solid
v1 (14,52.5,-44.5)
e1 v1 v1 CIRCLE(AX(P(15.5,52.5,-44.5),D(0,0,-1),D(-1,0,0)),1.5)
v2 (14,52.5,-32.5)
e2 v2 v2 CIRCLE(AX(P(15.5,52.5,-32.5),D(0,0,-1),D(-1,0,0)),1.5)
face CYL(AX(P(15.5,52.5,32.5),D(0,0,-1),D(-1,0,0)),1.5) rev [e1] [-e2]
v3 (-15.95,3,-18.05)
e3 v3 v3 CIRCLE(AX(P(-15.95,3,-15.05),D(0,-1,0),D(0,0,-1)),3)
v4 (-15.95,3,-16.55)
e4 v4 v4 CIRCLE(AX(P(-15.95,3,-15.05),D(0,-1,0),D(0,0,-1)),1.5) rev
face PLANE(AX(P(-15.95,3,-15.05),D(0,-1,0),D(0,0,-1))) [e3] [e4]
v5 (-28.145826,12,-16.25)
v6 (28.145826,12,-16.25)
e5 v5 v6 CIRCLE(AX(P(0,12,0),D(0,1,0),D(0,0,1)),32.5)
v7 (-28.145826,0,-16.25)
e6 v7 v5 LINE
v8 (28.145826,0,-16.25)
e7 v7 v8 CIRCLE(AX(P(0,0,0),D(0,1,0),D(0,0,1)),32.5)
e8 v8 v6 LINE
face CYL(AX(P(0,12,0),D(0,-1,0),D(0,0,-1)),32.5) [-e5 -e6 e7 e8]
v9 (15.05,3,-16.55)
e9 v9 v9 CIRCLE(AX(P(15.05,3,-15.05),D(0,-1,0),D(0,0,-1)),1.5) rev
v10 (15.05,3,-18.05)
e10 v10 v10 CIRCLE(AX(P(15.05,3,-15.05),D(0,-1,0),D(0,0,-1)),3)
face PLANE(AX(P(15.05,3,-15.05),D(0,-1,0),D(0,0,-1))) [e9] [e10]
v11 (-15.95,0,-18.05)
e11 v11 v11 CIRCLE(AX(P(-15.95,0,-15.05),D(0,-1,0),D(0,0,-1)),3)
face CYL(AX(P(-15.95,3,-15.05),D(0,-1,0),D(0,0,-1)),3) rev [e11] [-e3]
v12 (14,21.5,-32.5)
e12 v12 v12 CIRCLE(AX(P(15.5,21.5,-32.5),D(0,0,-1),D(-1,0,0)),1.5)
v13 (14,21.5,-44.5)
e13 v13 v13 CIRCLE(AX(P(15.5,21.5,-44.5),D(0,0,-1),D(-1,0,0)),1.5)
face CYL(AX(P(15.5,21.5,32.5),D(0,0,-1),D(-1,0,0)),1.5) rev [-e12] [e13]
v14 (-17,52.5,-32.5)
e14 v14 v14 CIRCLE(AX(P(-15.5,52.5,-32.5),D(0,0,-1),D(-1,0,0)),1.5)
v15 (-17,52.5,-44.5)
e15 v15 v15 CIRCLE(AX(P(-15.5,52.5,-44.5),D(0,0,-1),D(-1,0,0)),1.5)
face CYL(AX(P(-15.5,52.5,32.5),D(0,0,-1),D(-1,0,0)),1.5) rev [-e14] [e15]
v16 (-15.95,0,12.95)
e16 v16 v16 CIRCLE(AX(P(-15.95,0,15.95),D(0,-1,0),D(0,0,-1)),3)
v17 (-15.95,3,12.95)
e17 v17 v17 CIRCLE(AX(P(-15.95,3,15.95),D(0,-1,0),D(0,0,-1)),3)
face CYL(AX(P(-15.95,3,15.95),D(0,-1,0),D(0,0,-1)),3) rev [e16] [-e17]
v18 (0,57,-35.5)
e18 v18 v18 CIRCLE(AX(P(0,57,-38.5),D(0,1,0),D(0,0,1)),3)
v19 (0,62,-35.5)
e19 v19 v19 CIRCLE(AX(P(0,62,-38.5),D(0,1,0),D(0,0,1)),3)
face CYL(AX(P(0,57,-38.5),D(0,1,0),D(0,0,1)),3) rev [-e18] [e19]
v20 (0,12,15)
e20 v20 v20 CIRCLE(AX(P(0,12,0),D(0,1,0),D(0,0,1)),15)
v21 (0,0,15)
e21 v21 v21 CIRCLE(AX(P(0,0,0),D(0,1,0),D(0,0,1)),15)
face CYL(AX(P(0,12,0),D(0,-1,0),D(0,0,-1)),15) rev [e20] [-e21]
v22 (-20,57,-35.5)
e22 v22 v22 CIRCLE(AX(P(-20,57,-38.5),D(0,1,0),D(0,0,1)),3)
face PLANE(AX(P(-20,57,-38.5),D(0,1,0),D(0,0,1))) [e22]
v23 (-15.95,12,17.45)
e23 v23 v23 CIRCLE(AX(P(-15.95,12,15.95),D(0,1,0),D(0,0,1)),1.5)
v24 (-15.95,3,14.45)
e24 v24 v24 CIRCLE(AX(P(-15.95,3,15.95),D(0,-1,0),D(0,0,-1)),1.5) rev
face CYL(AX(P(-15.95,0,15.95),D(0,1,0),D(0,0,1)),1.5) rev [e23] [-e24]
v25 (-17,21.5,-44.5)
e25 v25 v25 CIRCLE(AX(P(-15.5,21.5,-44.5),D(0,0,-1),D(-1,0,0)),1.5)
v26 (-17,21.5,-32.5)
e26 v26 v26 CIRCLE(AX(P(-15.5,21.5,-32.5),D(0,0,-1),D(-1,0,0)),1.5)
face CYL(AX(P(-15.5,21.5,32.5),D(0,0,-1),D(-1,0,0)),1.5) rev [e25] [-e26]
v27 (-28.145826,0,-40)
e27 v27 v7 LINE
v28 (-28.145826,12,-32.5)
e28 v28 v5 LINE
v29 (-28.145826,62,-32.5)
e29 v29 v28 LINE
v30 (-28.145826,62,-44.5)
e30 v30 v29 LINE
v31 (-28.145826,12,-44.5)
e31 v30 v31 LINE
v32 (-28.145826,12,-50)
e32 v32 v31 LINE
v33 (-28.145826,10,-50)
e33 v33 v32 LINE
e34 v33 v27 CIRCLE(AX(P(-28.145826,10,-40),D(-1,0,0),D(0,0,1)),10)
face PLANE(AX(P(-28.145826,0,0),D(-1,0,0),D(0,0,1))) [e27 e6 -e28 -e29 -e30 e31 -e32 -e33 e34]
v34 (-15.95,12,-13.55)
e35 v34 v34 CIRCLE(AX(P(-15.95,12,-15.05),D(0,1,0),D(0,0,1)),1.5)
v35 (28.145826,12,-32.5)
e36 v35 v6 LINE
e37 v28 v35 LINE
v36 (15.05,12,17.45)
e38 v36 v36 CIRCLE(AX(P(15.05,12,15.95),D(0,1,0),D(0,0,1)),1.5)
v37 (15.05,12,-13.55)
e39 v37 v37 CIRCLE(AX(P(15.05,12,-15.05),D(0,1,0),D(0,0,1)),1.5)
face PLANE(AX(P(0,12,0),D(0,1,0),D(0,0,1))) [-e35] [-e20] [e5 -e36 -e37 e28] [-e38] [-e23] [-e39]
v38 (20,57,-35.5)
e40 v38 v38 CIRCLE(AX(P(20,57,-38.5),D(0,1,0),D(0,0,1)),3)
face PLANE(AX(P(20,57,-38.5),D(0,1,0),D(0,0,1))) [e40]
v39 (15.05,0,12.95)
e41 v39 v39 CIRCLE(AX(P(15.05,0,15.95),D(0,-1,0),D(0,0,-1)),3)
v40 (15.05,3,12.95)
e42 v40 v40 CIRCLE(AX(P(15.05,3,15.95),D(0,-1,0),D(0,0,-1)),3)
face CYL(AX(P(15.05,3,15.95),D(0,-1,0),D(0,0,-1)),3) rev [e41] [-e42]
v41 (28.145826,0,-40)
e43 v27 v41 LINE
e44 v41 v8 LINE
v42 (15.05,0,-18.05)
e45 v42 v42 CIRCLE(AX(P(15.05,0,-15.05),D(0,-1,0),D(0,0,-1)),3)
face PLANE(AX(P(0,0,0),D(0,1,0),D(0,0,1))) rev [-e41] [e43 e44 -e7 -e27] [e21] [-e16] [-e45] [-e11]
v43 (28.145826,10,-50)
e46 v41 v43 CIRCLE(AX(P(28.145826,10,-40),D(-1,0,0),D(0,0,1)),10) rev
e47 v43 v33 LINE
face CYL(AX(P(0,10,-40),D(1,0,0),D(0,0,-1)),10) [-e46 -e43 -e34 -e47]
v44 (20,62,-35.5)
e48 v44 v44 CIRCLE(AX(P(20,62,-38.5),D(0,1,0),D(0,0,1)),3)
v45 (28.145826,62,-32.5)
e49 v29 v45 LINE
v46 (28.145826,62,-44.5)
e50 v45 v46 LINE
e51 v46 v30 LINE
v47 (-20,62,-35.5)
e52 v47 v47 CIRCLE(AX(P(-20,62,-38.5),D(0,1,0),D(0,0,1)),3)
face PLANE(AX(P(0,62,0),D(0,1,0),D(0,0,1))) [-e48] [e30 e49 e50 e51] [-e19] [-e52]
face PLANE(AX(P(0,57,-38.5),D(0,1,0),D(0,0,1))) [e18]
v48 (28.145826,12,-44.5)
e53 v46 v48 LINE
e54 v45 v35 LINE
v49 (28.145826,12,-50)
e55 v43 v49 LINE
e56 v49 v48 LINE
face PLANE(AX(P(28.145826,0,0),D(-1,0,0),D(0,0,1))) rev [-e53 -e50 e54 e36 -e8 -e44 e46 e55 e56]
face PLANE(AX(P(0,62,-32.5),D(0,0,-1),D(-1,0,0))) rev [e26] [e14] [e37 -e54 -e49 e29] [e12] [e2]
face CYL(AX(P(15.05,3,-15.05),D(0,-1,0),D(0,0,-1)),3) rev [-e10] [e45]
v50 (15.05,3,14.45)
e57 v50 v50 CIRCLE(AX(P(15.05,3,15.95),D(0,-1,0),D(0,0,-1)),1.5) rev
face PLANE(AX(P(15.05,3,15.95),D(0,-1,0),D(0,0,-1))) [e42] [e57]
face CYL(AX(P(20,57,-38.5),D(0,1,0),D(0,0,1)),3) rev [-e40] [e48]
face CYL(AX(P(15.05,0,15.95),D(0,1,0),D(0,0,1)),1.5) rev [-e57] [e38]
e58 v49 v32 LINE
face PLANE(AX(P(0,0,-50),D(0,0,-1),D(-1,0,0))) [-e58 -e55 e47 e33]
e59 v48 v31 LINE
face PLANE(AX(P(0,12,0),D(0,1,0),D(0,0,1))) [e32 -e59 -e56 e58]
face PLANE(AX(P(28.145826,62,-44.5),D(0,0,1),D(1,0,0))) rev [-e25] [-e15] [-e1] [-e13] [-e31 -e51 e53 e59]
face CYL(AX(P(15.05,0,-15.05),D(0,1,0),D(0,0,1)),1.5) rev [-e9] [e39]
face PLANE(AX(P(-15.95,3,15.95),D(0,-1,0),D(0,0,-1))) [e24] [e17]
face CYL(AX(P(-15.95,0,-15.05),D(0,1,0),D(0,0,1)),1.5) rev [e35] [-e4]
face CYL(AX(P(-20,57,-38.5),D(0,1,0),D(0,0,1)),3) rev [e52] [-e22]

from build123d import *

# Parameters (mm, degrees)
SKETCH_1_R          = 32.5
SKETCH_1_R_2        = 15
EXTRUDE_1_DEPTH     = 12
SKETCH_2_R          = 1.5
CUT_EXTRUDE_1_DEPTH = 12
EXTRUDE_START       = -12
EXTRUDE_2_DEPTH     = 12
EXTRUDE_3_DEPTH     = 50
SKETCH_5_R          = 3
CUT_EXTRUDE_2_DEPTH = 5
SKETCH_6_R          = 3
CUT_EXTRUDE_3_DEPTH = 3
SKETCH_7_R          = 1.5
CUT_EXTRUDE_9_DEPTH = 105.063682426
FILLET_1_R          = 10


with BuildPart() as part:
    # 草图1 → 凸台-拉伸1 (new body)
    with BuildSketch(Plane(origin=(0, 0, 0), x_dir=(1, 0, 0), z_dir=(0, 1, 0))):
        with Locations(Location((0, 0, 0), (0, 0, 270))):
            Circle(SKETCH_1_R)
        with Locations(Location((0, 0, 0), (0, 0, 270))):
            Circle(SKETCH_1_R_2, mode=Mode.SUBTRACT)
    extrude(amount=EXTRUDE_1_DEPTH)

    # 草图2 → 切除-拉伸1 (cut)
    with BuildSketch(Plane(origin=(0, 12, 0), x_dir=(1, 0, 0), z_dir=(0, 1, 0))):
        with Locations(Location((-15.95, 15.05, 0), (0, 0, 270))):
            Circle(SKETCH_2_R)
        with Locations(Location((15.05, 15.05, 0), (0, 0, 270))):
            Circle(SKETCH_2_R)
        with Locations(Location((15.05, -15.95, 0), (0, 0, 270))):
            Circle(SKETCH_2_R)
        with Locations(Location((-15.95, -15.95, 0), (0, 0, 270))):
            Circle(SKETCH_2_R)
    extrude(amount=-CUT_EXTRUDE_1_DEPTH, mode=Mode.SUBTRACT)

    # 草图3 → 凸台-拉伸2 (add)
    with BuildSketch(Plane(origin=(0, 12, 0), x_dir=(1, 0, 0), z_dir=(0, 1, 0)).offset(EXTRUDE_START)):
        with BuildLine():
            Line((-28.145825623, 50), (-28.145825623, 16.25))
            ThreePointArc((-28.145825623, 16.25), (-16.25, 28.145825623), (0, 32.5))
            Line((0, 32.5), (0, 50))
            Line((0, 50), (-28.145825623, 50))
        make_face()
        with BuildLine():
            ThreePointArc((0, 32.5), (16.25, 28.145825623), (28.145825623, 16.25))
            Line((28.145825623, 16.25), (28.145825623, 50))
            Line((28.145825623, 50), (0, 50))
            Line((0, 50), (0, 32.5))
        make_face()
    extrude(amount=EXTRUDE_2_DEPTH)

    # 草图4 → 凸台-拉伸3 (add)
    with BuildSketch(Plane(origin=(0, 12, 0), x_dir=(1, 0, 0), z_dir=(0, 1, 0))):
        Polygon((28.145825623, 32.5), (28.145825623, 44.5), (-28.145825623, 44.5), (-28.145825623, 32.5), (0, 32.5), align=None)
    extrude(amount=EXTRUDE_3_DEPTH)

    # 草图5 → 切除-拉伸2 (cut)
    with BuildSketch(Plane(origin=(0, 62, 0), x_dir=(1, 0, 0), z_dir=(0, 1, 0))):
        with Locations(Location((0, 38.5, 0), (0, 0, 270))):
            Circle(SKETCH_5_R)
        with Locations(Location((20, 38.5, 0), (0, 0, 270))):
            Circle(SKETCH_5_R)
        with Locations(Location((-20, 38.5, 0), (0, 0, 270))):
            Circle(SKETCH_5_R)
    extrude(amount=-CUT_EXTRUDE_2_DEPTH, mode=Mode.SUBTRACT)

    # 草图6 → 切除-拉伸3 (cut)
    with BuildSketch(Plane.XZ):
        with Locations(Location((15.05, 15.95, 0), (0, 0, 270))):
            Circle(SKETCH_6_R)
        with Locations(Location((-15.95, 15.95, 0), (0, 0, 270))):
            Circle(SKETCH_6_R)
        with Locations(Location((-15.95, -15.05, 0), (0, 0, 270))):
            Circle(SKETCH_6_R)
        with Locations(Location((15.05, -15.05, 0), (0, 0, 270))):
            Circle(SKETCH_6_R)
    extrude(amount=-CUT_EXTRUDE_3_DEPTH, mode=Mode.SUBTRACT)

    # 草图7 → 切除-拉伸9 (cut, through all)
    with BuildSketch(Plane(origin=(0, 0, -44.5), x_dir=(-1, 0, 0), z_dir=(0, 0, -1))):
        with Locations((15.5, 52.5)):
            Circle(SKETCH_7_R)
        with Locations((15.5, 21.5)):
            Circle(SKETCH_7_R)
        with Locations((-15.5, 52.5)):
            Circle(SKETCH_7_R)
        with Locations((-15.5, 21.5)):
            Circle(SKETCH_7_R)
    extrude(amount=-CUT_EXTRUDE_9_DEPTH, mode=Mode.SUBTRACT)

    # 圆角1
    fillet_1_edges = [part.edges().sort_by_distance(p)[0] for p in [
        (0, 0, -50),
    ]]
    fillet(fillet_1_edges, radius=FILLET_1_R)


solid = part.part
